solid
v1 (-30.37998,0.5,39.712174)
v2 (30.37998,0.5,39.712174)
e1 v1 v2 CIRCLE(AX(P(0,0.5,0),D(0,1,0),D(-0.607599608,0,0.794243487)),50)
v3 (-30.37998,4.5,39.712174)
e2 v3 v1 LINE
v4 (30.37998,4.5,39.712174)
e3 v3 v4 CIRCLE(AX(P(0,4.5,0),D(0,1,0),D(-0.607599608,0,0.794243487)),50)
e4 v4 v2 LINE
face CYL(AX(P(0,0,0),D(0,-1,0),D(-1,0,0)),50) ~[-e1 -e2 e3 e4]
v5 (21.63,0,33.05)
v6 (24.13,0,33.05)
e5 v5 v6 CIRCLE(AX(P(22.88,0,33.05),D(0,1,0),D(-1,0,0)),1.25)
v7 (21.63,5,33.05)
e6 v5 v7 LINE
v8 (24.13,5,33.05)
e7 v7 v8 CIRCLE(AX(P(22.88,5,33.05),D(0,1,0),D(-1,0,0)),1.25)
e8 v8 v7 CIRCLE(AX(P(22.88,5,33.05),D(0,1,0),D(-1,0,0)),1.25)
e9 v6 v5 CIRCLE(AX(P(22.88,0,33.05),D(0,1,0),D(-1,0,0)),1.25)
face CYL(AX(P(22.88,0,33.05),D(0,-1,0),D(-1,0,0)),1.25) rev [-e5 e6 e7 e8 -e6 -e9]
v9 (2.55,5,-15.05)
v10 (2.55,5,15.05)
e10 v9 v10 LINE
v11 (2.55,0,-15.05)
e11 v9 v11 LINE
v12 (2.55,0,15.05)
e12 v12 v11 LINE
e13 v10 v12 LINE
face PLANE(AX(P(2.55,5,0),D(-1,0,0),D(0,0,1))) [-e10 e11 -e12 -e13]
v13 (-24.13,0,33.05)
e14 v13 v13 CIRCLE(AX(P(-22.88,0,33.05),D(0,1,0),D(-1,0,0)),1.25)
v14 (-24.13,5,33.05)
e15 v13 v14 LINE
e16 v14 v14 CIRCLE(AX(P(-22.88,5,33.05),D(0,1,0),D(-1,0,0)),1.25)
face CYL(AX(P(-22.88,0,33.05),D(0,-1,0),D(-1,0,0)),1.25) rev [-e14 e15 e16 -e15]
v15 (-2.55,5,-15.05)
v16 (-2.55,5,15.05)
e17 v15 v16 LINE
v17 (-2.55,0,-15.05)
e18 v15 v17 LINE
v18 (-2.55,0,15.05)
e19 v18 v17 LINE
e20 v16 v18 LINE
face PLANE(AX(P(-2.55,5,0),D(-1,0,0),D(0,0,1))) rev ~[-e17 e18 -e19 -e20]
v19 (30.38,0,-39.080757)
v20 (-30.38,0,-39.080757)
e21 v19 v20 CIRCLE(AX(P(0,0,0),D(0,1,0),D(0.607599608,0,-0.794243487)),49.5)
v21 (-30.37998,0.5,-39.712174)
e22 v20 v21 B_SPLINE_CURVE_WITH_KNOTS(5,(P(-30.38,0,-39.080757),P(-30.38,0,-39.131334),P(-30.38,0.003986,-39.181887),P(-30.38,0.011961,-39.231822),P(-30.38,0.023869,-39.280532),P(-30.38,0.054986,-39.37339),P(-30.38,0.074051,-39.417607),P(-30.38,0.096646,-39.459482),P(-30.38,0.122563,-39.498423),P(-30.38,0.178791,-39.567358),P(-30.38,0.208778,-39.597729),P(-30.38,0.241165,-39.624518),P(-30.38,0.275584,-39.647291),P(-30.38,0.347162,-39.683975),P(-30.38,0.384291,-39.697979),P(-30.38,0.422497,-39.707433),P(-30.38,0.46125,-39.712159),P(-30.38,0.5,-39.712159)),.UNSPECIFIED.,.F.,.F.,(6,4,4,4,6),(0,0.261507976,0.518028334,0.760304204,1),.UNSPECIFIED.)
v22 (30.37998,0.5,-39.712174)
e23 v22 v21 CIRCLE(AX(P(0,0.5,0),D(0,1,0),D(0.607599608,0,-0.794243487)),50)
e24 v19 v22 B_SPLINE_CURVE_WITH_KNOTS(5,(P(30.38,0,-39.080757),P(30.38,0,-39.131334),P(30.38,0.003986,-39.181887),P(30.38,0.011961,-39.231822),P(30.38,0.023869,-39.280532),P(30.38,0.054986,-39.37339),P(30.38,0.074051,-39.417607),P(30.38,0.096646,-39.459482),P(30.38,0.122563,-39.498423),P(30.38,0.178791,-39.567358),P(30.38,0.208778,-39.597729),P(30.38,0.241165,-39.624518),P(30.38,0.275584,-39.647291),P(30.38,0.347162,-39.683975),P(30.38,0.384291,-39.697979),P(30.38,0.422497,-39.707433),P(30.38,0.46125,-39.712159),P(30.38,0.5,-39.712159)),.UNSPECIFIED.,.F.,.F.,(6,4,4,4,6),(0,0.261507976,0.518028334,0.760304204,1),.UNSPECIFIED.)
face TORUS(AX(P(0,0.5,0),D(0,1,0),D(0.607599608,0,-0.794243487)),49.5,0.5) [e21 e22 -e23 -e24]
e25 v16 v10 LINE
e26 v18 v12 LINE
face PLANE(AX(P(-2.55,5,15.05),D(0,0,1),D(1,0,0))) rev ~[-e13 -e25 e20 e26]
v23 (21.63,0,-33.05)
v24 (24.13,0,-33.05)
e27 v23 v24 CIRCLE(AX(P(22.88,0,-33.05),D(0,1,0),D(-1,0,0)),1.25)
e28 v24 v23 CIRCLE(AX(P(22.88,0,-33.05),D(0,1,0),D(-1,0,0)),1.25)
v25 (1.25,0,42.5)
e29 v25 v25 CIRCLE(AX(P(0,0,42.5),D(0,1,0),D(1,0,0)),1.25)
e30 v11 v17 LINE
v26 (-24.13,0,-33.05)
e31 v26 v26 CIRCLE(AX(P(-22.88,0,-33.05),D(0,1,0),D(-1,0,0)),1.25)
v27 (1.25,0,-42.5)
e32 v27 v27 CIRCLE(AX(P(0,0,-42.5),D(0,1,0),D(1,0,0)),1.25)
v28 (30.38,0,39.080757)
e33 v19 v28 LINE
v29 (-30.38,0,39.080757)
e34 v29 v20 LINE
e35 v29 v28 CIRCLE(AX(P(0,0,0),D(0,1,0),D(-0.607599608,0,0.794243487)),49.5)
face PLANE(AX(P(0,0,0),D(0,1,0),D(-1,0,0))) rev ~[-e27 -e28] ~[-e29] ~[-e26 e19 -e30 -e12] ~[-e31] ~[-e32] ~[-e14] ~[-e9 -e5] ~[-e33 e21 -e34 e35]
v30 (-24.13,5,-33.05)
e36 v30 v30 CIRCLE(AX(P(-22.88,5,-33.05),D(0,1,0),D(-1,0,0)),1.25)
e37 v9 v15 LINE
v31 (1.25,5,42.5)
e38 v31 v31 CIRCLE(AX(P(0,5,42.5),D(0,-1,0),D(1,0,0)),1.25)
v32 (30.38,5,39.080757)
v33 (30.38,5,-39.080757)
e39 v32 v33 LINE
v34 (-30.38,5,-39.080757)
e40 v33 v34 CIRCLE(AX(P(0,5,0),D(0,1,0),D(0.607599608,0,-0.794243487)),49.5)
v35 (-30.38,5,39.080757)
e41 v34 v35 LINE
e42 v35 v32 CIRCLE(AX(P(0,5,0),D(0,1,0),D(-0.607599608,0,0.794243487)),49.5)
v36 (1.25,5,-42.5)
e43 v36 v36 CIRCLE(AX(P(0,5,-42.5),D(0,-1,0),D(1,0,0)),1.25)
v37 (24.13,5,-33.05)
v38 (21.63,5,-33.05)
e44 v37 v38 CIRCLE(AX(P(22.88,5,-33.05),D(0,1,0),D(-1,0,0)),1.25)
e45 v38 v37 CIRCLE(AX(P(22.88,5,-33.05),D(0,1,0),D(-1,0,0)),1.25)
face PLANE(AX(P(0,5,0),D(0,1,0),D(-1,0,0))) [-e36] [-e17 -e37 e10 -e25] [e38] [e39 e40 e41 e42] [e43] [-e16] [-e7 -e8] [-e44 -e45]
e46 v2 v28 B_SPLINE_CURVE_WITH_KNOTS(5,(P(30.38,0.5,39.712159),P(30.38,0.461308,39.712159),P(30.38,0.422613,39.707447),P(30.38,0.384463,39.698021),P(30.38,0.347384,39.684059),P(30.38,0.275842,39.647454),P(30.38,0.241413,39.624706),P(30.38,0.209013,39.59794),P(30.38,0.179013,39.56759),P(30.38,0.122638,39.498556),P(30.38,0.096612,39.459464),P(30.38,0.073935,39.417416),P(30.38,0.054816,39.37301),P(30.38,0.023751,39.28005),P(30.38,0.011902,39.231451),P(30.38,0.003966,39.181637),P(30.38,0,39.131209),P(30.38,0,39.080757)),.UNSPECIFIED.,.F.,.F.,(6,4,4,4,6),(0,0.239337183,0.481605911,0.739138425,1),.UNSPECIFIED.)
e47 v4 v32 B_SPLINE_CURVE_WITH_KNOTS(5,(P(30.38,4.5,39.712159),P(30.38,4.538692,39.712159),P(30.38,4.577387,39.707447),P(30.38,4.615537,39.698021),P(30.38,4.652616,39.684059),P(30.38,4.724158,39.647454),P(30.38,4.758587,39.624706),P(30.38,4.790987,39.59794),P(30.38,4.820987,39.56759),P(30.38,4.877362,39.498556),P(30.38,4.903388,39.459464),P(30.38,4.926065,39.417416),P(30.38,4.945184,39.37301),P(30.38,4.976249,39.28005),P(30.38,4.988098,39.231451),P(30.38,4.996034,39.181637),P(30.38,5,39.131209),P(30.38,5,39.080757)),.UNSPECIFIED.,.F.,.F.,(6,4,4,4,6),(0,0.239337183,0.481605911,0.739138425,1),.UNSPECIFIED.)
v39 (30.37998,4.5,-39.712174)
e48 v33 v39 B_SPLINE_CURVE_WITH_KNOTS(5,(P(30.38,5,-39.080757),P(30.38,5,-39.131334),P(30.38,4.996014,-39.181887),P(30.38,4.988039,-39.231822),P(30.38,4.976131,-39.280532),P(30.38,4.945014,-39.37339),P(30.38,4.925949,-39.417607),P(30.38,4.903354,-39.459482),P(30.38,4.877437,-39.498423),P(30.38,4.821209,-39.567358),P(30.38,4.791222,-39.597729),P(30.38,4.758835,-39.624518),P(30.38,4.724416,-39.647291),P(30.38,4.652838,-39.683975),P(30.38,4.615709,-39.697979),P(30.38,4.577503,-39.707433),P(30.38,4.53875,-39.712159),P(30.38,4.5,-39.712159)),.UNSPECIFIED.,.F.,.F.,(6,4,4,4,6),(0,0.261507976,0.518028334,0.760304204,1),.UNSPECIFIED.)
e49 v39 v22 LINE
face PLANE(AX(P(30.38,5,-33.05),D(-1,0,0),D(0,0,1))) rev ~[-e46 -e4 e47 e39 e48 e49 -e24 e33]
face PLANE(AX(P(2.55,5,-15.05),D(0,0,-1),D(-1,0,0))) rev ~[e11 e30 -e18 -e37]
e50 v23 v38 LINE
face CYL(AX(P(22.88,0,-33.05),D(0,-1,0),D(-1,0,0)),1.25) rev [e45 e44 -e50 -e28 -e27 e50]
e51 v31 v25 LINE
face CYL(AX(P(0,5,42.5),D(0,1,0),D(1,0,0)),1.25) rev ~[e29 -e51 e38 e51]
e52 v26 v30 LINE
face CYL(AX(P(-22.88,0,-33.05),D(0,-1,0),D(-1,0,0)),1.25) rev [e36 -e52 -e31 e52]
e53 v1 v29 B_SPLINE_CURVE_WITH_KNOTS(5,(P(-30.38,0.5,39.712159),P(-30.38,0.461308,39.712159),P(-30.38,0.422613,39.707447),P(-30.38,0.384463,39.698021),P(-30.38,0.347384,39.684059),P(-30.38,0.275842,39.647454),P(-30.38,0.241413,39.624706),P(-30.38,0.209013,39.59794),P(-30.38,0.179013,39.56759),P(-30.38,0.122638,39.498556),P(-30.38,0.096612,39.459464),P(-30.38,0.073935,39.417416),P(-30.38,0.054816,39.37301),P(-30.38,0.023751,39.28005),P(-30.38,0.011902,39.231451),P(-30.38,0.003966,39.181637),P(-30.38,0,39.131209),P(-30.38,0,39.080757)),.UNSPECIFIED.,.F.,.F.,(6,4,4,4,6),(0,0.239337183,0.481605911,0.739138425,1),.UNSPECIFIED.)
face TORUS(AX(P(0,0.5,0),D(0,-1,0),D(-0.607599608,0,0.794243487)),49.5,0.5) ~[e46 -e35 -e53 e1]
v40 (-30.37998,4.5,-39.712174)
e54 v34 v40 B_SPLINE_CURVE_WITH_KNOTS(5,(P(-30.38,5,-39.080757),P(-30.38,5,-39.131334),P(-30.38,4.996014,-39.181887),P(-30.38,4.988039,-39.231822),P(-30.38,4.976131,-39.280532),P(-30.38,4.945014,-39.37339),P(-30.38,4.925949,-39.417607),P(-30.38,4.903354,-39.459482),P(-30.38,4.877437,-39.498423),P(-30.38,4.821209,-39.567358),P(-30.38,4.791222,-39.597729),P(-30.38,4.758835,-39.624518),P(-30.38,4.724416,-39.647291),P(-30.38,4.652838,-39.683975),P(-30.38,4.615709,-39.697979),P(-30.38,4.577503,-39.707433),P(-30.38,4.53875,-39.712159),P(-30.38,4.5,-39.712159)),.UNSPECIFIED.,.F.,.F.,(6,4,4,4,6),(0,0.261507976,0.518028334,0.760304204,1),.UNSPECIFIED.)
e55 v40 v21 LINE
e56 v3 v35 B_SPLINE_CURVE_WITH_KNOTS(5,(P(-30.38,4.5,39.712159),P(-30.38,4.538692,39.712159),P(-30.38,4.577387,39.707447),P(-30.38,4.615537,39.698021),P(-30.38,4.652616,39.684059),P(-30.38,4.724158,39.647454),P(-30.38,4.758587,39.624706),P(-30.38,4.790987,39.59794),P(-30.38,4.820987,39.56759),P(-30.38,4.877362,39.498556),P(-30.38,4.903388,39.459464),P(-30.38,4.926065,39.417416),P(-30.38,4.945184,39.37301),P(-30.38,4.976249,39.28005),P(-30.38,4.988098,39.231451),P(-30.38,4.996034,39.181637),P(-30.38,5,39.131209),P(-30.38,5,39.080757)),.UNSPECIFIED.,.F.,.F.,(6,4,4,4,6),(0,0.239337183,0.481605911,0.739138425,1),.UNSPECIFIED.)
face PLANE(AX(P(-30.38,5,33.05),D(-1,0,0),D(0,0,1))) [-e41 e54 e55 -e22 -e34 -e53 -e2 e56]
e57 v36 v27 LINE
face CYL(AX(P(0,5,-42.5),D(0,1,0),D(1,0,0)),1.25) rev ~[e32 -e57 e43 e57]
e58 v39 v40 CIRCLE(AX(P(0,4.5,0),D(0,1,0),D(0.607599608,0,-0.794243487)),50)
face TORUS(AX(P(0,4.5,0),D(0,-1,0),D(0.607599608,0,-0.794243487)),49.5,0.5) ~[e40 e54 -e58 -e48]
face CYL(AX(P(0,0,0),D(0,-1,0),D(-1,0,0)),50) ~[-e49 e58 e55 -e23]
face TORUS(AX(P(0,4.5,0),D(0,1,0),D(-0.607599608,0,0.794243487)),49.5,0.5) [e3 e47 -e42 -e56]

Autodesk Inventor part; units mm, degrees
ref_plane "YZ Plane" through (0, 0, 0) normal (1, 0, 0) x (0, 1, 0)
ref_plane "XZ Plane" through (0, 0, 0) normal (0, 1, 0) x (-1, 0, 0)
ref_plane "XY Plane" through (0, 0, 0) normal (0, 0, 1) x (1, 0, 0)
sketch "Sketch1" plane through (0, 0, 0) normal (0, 1, 0) x (-1, 0, 0)
  circle A0 centre (0, 0) radius 50
  line L0 (-25.38, 0) -> (-25.38, 35.55)
  line L1 (-25.38, 35.55) -> (0, 35.55)
  line L2 (25.38, 35.55) -> (0, 35.55)
  line L3 (25.38, 35.55) -> (25.38, 0)
  line L4 (-25.38, 0) -> (-25.38, -35.55)
  line L5 (-25.38, -35.55) -> (0, -35.55)
  line L6 (25.38, -35.55) -> (0, -35.55)
  line L7 (25.38, -35.55) -> (25.38, 0)
  line L8 (-25.38, -35.55) -> (-25.38, -33.05)
  line L9 (-25.38, -33.05) -> (-22.88, -33.05)
  circle A1 centre (-22.88, -33.05) radius 1.25
  line L10 (-25.38, 35.55) -> (-25.38, 33.05)
  line L11 (-25.38, 33.05) -> (-22.88, 33.05)
  circle A2 centre (-22.88, 33.05) radius 1.25
  line L12 (25.38, 35.55) -> (25.38, 33.05)
  line L13 (25.38, 33.05) -> (22.88, 33.05)
  circle A3 centre (22.88, 33.05) radius 1.25
  line L14 (25.38, -35.55) -> (25.38, -33.05)
  line L15 (25.38, -33.05) -> (22.88, -33.05)
  circle A4 centre (22.88, -33.05) radius 1.25
  dimension "d0" = 100
  dimension "d4" = 50.76
  dimension "d5" = 2.5
  dimension "d6" = 2.5
  dimension "d7" = 2.5
  dimension "d8" = 2.5
  dimension "d9" = 2.5
  dimension "d10" = 2.5
  dimension "d11" = 2.5
  dimension "d12" = 2.5
  dimension "d13" = 2.5
  dimension "d14" = 2.5
  dimension "d15" = 2.5
  dimension "d16" = 2.5
extrude "Extrusion1" add sketch "Sketch1" along normal blind 5 contours A0 | L0 L1 L2 L3 L7 L6 L5 L4
sketch "Sketch2" plane through (0, 5, 0) normal (0, 1, 0) x (1, 0, 0)
  line L0 (0, 0) -> (-2.55, 0)
  line L1 (-2.55, 0) -> (2.55, 0)
  line L2 (2.55, 0) -> (2.55, -15.05)
  line L3 (2.55, -15.05) -> (2.55, 15.05)
  line L4 (2.55, 15.05) -> (-2.55, 15.05)
  line L5 (-2.55, 15.05) -> (-2.55, -15.05)
  line L6 (-2.55, -15.05) -> (2.55, -15.05)
  dimension "d19" = 2.55
  dimension "d20" = 5.1
  dimension "d21" = 15.05
  dimension "d22" = 30.1
extrude "Extrusion2" cut sketch "Sketch2" against normal blind 5
sketch "Sketch3" plane through (0, 5, 0) normal (0, 1, 0) x (1, 0, 0)
  circle A0 centre (-22.88, -33.05) radius 1.25 projected
  line L0 (-22.88, -33.05) -> (-30.38, -33.05)
  line L1 (-30.38, -33.05) -> (-30.38, -39.7122)
  circle A1 centre (0, 0) radius 50 projected
  line L2 (-30.38, -33.05) -> (-30.38, 39.7122)
  circle A2 centre (22.88, 33.05) radius 1.25 projected
  line L3 (22.88, 33.05) -> (30.38, 33.05)
  line L4 (30.38, 33.05) -> (30.38, 39.7122)
  line L5 (30.38, 39.7122) -> (30.38, -39.7122)
  dimension "d25" = 7.5
  dimension "d26" = 7.5
extrude "Extrusion3" cut sketch "Sketch3" against normal blind 5 contours L1 A1 L2 | L5 L4 A1
sketch "Sketch4" plane through (0, 5, 0) normal (0, 1, 0) x (1, 0, 0)
  arc A0 (-30.38, -39.7122) -> (30.38, -39.7122) centre (0, 0) ccw projected
  line L0 (0, -50) -> (0, -42.5)
  circle A1 centre (0, -42.5) radius 1.25
  arc A2 (30.38, 39.7122) -> (-30.38, 39.7122) centre (0, 0) ccw projected
  line L1 (0, 50) -> (0, 42.5)
  circle A3 centre (0, 42.5) radius 1.25
  dimension "d29" = 7.5
  dimension "d30" = 2.5
  dimension "d31" = 7.5
  dimension "d32" = 2.5
extrude "Extrusion4" cut sketch "Sketch4" against normal blind 5
fillet "Fillet1" radius 0.5 4 edges at (0, 5, 50) (0, 5, -50) (0, 0, 50) (0, 0, -50)
properties part number "Chasis_Cap"
